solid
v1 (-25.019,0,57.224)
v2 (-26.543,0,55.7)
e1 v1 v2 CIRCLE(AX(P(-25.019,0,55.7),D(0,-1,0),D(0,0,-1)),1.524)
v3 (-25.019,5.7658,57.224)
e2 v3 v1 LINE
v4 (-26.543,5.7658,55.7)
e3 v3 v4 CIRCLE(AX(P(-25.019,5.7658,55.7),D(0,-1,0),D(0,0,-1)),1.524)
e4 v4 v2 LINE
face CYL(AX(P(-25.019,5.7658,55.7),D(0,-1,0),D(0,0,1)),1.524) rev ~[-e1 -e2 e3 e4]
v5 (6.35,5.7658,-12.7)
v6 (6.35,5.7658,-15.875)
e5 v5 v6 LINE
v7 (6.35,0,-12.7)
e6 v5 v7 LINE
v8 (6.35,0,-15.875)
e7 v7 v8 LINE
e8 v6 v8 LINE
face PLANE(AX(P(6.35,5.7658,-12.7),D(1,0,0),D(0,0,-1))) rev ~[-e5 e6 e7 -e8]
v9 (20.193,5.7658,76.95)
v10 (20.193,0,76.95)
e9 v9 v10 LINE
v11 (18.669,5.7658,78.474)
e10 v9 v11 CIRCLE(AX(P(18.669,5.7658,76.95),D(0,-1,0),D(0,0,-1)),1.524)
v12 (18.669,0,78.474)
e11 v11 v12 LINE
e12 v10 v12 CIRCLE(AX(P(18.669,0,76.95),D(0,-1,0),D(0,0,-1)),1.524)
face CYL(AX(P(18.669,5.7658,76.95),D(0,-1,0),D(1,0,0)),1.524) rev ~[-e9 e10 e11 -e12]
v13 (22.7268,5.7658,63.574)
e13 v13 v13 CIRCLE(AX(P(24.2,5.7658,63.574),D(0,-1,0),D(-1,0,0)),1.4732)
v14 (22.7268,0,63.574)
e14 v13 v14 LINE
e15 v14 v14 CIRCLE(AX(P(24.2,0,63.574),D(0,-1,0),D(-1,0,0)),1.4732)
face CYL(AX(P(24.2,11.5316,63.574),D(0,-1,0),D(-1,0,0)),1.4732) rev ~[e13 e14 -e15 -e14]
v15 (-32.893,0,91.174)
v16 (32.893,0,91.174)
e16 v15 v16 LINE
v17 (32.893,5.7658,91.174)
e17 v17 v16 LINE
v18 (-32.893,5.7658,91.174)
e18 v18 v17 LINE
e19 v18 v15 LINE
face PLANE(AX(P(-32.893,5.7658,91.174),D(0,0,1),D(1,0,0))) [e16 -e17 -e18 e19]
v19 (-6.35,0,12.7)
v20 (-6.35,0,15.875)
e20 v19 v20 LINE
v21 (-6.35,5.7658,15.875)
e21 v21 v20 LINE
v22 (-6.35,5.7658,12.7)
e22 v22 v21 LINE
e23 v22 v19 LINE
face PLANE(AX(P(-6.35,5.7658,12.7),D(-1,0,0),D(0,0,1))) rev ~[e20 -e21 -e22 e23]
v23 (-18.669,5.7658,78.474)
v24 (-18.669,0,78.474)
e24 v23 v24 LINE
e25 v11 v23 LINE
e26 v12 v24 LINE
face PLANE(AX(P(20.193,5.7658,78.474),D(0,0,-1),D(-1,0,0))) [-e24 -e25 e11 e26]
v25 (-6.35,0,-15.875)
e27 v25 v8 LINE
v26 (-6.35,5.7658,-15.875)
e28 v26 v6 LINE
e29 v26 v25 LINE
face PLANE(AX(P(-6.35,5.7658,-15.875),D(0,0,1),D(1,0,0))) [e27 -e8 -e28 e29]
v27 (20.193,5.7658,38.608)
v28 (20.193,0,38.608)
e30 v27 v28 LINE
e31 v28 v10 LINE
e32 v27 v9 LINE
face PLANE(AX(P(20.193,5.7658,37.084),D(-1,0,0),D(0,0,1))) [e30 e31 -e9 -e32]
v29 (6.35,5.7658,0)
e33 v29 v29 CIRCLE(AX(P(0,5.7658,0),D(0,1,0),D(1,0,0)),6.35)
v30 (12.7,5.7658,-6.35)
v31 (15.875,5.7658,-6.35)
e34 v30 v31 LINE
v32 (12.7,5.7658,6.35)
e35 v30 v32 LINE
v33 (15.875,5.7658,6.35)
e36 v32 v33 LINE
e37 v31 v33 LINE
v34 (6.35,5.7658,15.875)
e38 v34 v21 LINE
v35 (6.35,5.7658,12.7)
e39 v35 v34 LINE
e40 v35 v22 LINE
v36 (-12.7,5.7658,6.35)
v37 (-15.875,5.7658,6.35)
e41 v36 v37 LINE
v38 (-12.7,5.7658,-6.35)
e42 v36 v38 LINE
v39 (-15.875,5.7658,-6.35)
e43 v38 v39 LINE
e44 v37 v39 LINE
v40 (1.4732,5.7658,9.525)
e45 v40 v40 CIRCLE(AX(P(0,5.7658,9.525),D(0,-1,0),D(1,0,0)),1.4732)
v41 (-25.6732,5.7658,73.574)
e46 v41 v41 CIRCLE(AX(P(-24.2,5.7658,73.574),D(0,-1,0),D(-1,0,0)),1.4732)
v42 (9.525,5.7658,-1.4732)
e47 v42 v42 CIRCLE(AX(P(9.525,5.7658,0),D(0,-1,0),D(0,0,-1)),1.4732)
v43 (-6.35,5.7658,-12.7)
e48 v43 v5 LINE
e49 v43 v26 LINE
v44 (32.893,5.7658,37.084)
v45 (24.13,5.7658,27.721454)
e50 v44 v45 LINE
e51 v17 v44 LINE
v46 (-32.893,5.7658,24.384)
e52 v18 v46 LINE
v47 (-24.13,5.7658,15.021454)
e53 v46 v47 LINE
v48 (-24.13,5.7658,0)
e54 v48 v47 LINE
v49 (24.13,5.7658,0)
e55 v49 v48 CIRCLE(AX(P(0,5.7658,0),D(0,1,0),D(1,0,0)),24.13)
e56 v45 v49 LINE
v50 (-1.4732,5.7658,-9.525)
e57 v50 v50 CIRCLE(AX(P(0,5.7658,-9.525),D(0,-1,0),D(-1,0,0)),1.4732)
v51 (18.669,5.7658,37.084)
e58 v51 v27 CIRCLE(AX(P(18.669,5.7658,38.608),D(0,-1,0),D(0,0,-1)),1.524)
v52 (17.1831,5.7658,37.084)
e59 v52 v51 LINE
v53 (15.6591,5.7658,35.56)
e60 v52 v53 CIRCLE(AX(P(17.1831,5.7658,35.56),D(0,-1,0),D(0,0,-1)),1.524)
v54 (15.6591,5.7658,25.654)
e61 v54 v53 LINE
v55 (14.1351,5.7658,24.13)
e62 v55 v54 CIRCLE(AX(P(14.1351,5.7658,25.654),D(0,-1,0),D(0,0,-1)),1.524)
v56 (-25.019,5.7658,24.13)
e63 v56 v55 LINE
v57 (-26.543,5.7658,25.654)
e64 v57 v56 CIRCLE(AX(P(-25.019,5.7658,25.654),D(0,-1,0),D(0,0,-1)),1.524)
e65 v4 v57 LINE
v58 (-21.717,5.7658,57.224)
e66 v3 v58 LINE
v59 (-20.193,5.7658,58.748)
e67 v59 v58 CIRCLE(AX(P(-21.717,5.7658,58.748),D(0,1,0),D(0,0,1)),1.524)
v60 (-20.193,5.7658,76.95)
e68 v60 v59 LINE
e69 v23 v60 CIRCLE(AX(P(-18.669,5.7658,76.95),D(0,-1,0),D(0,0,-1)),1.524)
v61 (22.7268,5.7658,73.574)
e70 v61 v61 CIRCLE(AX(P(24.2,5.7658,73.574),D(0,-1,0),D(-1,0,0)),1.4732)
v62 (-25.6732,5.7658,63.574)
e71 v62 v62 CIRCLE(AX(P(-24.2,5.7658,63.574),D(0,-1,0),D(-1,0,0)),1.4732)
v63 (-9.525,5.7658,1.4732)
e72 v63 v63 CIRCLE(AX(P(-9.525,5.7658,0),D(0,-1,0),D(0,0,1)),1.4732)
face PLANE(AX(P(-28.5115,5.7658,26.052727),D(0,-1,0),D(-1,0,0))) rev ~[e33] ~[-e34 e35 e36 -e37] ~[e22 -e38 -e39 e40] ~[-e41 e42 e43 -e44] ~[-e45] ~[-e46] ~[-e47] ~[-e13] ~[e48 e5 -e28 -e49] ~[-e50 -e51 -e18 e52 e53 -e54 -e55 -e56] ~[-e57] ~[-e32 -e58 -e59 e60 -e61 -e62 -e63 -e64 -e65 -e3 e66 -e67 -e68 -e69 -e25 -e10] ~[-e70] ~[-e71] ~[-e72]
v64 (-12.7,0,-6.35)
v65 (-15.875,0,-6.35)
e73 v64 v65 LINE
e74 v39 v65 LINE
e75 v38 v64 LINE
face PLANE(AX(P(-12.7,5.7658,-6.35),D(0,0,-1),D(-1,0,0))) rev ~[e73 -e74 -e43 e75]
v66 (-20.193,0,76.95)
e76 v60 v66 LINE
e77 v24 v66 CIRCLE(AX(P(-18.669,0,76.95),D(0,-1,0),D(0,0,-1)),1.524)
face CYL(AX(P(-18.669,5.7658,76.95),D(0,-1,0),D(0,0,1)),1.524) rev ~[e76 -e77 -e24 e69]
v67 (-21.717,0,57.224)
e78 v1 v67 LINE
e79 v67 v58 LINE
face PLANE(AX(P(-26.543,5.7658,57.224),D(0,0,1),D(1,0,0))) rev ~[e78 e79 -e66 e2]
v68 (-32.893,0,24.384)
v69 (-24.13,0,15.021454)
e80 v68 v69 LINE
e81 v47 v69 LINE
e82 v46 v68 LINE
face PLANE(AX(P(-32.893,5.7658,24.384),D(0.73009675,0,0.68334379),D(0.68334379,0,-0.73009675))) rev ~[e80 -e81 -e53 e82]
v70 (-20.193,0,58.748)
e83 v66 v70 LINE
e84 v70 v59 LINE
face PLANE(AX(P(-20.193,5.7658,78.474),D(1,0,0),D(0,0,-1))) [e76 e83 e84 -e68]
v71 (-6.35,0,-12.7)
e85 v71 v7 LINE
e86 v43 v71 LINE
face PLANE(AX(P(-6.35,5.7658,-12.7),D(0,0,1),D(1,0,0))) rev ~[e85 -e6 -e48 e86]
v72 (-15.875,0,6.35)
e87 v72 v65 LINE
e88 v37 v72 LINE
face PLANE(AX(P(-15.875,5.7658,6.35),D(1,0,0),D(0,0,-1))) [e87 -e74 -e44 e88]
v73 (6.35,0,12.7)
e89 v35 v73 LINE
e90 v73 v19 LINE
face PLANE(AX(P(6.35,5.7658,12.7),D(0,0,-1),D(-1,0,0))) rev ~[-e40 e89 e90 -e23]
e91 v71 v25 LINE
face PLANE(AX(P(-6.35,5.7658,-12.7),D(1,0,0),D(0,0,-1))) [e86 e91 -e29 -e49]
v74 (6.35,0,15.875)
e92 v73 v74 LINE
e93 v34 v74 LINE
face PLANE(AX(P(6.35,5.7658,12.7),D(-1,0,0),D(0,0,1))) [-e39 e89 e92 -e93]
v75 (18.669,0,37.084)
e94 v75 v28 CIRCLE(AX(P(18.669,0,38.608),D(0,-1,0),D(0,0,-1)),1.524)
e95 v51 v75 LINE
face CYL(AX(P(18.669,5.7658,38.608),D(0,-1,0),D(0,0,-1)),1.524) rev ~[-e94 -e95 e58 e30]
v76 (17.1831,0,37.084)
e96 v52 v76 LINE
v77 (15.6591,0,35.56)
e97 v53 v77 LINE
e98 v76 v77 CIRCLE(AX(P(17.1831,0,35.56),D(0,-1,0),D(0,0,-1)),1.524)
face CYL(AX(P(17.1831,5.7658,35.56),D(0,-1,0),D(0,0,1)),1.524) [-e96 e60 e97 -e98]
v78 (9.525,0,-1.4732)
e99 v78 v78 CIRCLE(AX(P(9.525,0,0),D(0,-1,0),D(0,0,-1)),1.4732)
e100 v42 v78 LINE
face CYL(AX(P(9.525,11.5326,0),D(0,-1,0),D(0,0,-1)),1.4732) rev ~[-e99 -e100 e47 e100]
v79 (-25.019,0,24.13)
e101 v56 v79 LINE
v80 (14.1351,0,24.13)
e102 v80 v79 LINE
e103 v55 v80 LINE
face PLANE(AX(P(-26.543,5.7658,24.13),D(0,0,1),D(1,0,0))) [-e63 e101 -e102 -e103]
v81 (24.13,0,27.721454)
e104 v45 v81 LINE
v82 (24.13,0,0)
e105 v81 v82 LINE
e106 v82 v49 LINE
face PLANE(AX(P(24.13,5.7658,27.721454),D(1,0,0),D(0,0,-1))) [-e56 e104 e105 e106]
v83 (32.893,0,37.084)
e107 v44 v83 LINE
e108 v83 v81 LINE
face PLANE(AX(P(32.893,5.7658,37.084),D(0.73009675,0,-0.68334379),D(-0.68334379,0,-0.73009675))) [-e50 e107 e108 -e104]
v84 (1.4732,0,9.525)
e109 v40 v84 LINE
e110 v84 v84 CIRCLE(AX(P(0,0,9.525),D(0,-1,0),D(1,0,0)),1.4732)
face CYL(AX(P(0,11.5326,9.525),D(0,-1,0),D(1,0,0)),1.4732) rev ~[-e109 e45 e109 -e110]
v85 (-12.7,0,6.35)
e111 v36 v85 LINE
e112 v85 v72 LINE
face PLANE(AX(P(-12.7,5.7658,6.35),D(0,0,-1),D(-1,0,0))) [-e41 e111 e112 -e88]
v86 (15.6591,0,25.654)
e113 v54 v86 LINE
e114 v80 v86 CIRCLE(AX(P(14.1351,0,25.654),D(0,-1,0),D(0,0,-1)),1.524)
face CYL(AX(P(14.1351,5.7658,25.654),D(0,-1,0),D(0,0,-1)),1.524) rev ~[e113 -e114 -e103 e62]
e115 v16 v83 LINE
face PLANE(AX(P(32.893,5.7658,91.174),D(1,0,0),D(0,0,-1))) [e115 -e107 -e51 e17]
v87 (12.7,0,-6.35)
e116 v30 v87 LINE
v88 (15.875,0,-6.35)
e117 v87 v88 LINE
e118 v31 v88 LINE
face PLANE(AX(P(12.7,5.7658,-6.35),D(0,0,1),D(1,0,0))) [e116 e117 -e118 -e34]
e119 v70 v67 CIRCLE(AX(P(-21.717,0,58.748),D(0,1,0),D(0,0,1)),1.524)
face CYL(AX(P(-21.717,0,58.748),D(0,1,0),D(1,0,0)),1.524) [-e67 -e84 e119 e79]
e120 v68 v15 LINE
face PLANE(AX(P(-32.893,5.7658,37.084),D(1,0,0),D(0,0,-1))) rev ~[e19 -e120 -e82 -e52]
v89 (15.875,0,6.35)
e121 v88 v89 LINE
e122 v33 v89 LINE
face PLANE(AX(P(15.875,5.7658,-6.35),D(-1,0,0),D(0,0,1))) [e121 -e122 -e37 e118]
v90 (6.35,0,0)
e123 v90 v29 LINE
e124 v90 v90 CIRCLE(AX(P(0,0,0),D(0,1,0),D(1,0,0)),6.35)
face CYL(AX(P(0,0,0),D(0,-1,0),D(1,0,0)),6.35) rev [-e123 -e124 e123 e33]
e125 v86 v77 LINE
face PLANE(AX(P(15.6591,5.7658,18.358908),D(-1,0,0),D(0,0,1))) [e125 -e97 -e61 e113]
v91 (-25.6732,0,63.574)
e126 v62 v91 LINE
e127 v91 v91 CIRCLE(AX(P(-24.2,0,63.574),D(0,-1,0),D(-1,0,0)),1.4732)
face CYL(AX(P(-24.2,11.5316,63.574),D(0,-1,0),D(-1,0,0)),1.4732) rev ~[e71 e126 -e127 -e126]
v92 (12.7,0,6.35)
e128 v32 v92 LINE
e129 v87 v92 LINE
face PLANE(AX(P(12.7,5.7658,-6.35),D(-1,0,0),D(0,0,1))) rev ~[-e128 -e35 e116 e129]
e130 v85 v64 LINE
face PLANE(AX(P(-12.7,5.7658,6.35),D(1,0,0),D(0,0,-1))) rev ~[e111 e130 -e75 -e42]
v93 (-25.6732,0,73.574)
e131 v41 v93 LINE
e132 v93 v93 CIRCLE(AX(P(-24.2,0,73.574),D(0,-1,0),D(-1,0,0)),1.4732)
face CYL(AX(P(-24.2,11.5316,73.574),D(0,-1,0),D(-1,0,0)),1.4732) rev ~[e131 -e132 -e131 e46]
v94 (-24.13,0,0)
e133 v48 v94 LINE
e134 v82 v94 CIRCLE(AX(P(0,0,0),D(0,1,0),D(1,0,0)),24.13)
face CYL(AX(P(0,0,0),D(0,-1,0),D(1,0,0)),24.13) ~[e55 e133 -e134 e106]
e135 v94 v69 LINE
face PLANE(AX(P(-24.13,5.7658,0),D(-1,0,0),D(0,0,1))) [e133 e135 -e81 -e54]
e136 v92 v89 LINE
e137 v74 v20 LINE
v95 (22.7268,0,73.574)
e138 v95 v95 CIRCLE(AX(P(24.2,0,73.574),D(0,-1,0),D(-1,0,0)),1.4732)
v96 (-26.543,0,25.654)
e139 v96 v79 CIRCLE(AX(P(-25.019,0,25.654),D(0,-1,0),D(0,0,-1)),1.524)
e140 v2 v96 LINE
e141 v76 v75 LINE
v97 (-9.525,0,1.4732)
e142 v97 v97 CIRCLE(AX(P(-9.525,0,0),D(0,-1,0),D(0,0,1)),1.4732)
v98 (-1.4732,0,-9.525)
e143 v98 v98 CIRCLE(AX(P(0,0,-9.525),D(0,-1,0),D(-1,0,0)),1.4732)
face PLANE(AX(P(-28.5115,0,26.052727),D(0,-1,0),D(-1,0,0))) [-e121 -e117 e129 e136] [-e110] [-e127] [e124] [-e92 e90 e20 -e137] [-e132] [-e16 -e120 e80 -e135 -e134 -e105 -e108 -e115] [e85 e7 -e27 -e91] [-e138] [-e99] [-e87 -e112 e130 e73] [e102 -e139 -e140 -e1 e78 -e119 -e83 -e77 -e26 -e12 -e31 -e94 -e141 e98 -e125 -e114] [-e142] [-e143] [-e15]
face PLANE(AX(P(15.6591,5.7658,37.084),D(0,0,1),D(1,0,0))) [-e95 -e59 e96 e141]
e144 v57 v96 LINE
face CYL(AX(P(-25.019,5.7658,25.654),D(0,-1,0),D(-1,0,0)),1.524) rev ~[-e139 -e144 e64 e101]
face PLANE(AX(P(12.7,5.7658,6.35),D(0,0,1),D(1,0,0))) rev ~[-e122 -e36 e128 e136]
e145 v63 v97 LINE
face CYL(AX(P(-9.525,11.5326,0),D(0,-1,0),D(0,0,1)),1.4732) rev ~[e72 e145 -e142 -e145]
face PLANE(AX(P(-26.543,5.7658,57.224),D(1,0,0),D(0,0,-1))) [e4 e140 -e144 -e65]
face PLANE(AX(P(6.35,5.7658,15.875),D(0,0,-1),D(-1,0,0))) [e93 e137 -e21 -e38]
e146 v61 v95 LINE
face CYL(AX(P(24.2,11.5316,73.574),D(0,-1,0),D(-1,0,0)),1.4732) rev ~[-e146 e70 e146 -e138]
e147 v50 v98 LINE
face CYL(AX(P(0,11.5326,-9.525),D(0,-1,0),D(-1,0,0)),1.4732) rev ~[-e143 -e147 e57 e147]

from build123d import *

# Parameters (mm, degrees)
SKETCH2_R                 = 24.13
SKETCH2_R_2               = 6.35
BOSS_EXTRUDE1_DEPTH       = 5.7658
SKETCH10_W                = 12.7
SKETCH10_H                = 3.175
CUT_EXTRUDE2_DEPTH        = 5.7658
F_4_CLEARANCE_HOLE2_D     = 2.9464
F_4_CLEARANCE_HOLE2_DEPTH = 5.7668
CIRPATTERN2_COUNT         = 4
BOSS_EXTRUDE2_DEPTH       = 5.7658
BOSS_EXTRUDE4_DEPTH       = 5.7658
F_4_CLEARANCE_HOLE3_D     = 2.9464
F_4_CLEARANCE_HOLE3_DEPTH = 5.7658
BOSS_EXTRUDE3_DEPTH       = 5.7658
CUT_EXTRUDE4_REACH        = 7.766
SKETCH30_W                = 10.8839
SKETCH30_H                = 33.094
FILLET2_R                 = 1.524


with BuildPart() as part:
    # Sketch2 → Boss-Extrude1 (new body)
    with BuildSketch(Plane(origin=(0, 0, 0), x_dir=(1, 0, 0), z_dir=(0, 1, 0))):
        Circle(SKETCH2_R)
        Circle(SKETCH2_R_2, mode=Mode.SUBTRACT)
    extrude(amount=BOSS_EXTRUDE1_DEPTH)

    # Sketch10 → Cut-Extrude2 (cut)
    with BuildSketch(Plane(origin=(0, 5.7658, 0), x_dir=(1, 0, 0), z_dir=(0, 1, 0))):
        with Locations((0, 14.2875)):
            Rectangle(SKETCH10_W, SKETCH10_H)
    cut_extrude2 = extrude(amount=-CUT_EXTRUDE2_DEPTH, mode=Mode.SUBTRACT)

    # #4 Clearance Hole2
    with Locations(Plane(origin=(0, 5.7658, 0), x_dir=(1, 0, 0), z_dir=(0, 1, 0))):
        with Locations((0, 9.525)):
            f_4_clearance_hole2 = Hole(F_4_CLEARANCE_HOLE2_D / 2, depth=F_4_CLEARANCE_HOLE2_DEPTH)

    # CirPattern2: Cut-Extrude2, #4 Clearance Hole2 ×4 about axis
    cirpattern2_axis = Axis((0, 0, 0), (0, 1, 0))
    for i in range(1, CIRPATTERN2_COUNT):
        add(cut_extrude2.rotate(cirpattern2_axis, i * 360 / CIRPATTERN2_COUNT), mode=Mode.SUBTRACT)
        add(f_4_clearance_hole2.rotate(cirpattern2_axis, i * 360 / CIRPATTERN2_COUNT), mode=Mode.SUBTRACT)

    # Sketch16 → Boss-Extrude2 (add)
    with BuildSketch(Plane(origin=(0, 5.7658, 0), x_dir=(1, 0, 0), z_dir=(0, 1, 0))):
        with BuildLine():
            Line((-24.13, 0), (-24.13, -27.721453785))
            Line((-24.13, -27.721453785), (-32.893, -37.084))
            Line((-32.893, -37.084), (-32.893, -91.174))
            Line((-32.893, -91.174), (32.893, -91.174))
            Line((32.893, -91.174), (32.893, -37.084))
            Line((32.893, -37.084), (24.13, -27.721453785))
            Line((24.13, -27.721453785), (24.13, 0))
            ThreePointArc((24.13, 0), (21.910168678, -10.109471228), (15.6591, -18.358907571))
            Line((15.6591, -18.358907571), (15.6591, -37.084))
            Line((15.6591, -37.084), (20.193, -37.084))
            Line((20.193, -37.084), (20.193, -58.674))
            Line((20.193, -58.674), (20.193, -78.474))
            Line((20.193, -78.474), (-20.193, -78.474))
            Line((-20.193, -78.474), (-20.193, -58.674))
            Line((-20.193, -58.674), (-20.193, -37.084))
            Line((-20.193, -37.084), (-15.6591, -37.084))
            Line((-15.6591, -37.084), (-15.6591, -18.358907571))
            ThreePointArc((-15.6591, -18.358907571), (-21.910168678, -10.109471228), (-24.13, 0))
        make_face()
    extrude(amount=-BOSS_EXTRUDE2_DEPTH)

    # Sketch32 → Boss-Extrude4 (add)
    with BuildSketch(Plane(origin=(0, 5.7658, 0), x_dir=(1, 0, 0), z_dir=(0, 1, 0))):
        with BuildLine():
            ThreePointArc((15.6591, -18.358907571), (8.344353159, -22.64130452), (-6.7e-08, -24.13))
            Line((-6.7e-08, -24.13), (15.6591, -24.13))
            Line((15.6591, -24.13), (15.6591, -18.358907571))
        make_face()
        with BuildLine():
            Line((-15.6591, -18.358907571), (-15.6591, -24.13))
            Line((-15.6591, -24.13), (-6.7e-08, -24.13))
            ThreePointArc((-6.7e-08, -24.13), (-8.344353221, -22.641304497), (-15.6591, -18.358907571))
        make_face()
    extrude(amount=-BOSS_EXTRUDE4_DEPTH)

    # #4 Clearance Hole3
    with Locations(Plane(origin=(0, 5.7658, 0), x_dir=(1, 0, 0), z_dir=(0, 1, 0))):
        with Locations((-24.2, -63.574), (-24.2, -73.574), (24.2, -63.574), (24.2, -73.574)):
            Hole(F_4_CLEARANCE_HOLE3_D / 2, depth=F_4_CLEARANCE_HOLE3_DEPTH)

    # Sketch31 → Boss-Extrude3 (add)
    with BuildSketch(Plane(origin=(0, 5.7658, 0), x_dir=(1, 0, 0), z_dir=(0, 1, 0))):
        Polygon((-32.893, -37.084), (-32.893, -24.384), (-24.13, -15.021453785), (-24.13, -27.721453785), align=None)
    extrude(amount=-BOSS_EXTRUDE3_DEPTH)

    # Sketch30 → Cut-Extrude4 (cut, up to next)
    with BuildSketch(Plane(origin=(0, 5.7658, 0), x_dir=(1, 0, 0), z_dir=(0, 1, 0)), mode=Mode.PRIVATE) as cut_extrude4_sk1:
        with Locations((-21.10105, -40.677)):
            Rectangle(SKETCH30_W, SKETCH30_H)
    cut_extrude4_tool1 = extrude(cut_extrude4_sk1.sketch, amount=-CUT_EXTRUDE4_REACH, mode=Mode.PRIVATE) & part.part
    add(cut_extrude4_tool1.solids().sort_by_distance((-21.10105, 5.7658, 40.677))[0], mode=Mode.SUBTRACT)

    # Fillet2
    fillet2_edges = [part.edges().sort_by_distance(p)[0] for p in [
        (15.6591, 2.8829, 24.13),
        (-26.543, 2.8829, 57.224),
        (-26.543, 2.8829, 24.13),
        (-20.193, 2.8829, 57.224),
        (-20.193, 2.8829, 78.474),
        (20.193, 2.8829, 78.474),
        (20.193, 2.8829, 37.084),
        (15.6591, 2.8829, 37.084),
    ]]
    fillet(fillet2_edges, radius=FILLET2_R)


solid = part.part
